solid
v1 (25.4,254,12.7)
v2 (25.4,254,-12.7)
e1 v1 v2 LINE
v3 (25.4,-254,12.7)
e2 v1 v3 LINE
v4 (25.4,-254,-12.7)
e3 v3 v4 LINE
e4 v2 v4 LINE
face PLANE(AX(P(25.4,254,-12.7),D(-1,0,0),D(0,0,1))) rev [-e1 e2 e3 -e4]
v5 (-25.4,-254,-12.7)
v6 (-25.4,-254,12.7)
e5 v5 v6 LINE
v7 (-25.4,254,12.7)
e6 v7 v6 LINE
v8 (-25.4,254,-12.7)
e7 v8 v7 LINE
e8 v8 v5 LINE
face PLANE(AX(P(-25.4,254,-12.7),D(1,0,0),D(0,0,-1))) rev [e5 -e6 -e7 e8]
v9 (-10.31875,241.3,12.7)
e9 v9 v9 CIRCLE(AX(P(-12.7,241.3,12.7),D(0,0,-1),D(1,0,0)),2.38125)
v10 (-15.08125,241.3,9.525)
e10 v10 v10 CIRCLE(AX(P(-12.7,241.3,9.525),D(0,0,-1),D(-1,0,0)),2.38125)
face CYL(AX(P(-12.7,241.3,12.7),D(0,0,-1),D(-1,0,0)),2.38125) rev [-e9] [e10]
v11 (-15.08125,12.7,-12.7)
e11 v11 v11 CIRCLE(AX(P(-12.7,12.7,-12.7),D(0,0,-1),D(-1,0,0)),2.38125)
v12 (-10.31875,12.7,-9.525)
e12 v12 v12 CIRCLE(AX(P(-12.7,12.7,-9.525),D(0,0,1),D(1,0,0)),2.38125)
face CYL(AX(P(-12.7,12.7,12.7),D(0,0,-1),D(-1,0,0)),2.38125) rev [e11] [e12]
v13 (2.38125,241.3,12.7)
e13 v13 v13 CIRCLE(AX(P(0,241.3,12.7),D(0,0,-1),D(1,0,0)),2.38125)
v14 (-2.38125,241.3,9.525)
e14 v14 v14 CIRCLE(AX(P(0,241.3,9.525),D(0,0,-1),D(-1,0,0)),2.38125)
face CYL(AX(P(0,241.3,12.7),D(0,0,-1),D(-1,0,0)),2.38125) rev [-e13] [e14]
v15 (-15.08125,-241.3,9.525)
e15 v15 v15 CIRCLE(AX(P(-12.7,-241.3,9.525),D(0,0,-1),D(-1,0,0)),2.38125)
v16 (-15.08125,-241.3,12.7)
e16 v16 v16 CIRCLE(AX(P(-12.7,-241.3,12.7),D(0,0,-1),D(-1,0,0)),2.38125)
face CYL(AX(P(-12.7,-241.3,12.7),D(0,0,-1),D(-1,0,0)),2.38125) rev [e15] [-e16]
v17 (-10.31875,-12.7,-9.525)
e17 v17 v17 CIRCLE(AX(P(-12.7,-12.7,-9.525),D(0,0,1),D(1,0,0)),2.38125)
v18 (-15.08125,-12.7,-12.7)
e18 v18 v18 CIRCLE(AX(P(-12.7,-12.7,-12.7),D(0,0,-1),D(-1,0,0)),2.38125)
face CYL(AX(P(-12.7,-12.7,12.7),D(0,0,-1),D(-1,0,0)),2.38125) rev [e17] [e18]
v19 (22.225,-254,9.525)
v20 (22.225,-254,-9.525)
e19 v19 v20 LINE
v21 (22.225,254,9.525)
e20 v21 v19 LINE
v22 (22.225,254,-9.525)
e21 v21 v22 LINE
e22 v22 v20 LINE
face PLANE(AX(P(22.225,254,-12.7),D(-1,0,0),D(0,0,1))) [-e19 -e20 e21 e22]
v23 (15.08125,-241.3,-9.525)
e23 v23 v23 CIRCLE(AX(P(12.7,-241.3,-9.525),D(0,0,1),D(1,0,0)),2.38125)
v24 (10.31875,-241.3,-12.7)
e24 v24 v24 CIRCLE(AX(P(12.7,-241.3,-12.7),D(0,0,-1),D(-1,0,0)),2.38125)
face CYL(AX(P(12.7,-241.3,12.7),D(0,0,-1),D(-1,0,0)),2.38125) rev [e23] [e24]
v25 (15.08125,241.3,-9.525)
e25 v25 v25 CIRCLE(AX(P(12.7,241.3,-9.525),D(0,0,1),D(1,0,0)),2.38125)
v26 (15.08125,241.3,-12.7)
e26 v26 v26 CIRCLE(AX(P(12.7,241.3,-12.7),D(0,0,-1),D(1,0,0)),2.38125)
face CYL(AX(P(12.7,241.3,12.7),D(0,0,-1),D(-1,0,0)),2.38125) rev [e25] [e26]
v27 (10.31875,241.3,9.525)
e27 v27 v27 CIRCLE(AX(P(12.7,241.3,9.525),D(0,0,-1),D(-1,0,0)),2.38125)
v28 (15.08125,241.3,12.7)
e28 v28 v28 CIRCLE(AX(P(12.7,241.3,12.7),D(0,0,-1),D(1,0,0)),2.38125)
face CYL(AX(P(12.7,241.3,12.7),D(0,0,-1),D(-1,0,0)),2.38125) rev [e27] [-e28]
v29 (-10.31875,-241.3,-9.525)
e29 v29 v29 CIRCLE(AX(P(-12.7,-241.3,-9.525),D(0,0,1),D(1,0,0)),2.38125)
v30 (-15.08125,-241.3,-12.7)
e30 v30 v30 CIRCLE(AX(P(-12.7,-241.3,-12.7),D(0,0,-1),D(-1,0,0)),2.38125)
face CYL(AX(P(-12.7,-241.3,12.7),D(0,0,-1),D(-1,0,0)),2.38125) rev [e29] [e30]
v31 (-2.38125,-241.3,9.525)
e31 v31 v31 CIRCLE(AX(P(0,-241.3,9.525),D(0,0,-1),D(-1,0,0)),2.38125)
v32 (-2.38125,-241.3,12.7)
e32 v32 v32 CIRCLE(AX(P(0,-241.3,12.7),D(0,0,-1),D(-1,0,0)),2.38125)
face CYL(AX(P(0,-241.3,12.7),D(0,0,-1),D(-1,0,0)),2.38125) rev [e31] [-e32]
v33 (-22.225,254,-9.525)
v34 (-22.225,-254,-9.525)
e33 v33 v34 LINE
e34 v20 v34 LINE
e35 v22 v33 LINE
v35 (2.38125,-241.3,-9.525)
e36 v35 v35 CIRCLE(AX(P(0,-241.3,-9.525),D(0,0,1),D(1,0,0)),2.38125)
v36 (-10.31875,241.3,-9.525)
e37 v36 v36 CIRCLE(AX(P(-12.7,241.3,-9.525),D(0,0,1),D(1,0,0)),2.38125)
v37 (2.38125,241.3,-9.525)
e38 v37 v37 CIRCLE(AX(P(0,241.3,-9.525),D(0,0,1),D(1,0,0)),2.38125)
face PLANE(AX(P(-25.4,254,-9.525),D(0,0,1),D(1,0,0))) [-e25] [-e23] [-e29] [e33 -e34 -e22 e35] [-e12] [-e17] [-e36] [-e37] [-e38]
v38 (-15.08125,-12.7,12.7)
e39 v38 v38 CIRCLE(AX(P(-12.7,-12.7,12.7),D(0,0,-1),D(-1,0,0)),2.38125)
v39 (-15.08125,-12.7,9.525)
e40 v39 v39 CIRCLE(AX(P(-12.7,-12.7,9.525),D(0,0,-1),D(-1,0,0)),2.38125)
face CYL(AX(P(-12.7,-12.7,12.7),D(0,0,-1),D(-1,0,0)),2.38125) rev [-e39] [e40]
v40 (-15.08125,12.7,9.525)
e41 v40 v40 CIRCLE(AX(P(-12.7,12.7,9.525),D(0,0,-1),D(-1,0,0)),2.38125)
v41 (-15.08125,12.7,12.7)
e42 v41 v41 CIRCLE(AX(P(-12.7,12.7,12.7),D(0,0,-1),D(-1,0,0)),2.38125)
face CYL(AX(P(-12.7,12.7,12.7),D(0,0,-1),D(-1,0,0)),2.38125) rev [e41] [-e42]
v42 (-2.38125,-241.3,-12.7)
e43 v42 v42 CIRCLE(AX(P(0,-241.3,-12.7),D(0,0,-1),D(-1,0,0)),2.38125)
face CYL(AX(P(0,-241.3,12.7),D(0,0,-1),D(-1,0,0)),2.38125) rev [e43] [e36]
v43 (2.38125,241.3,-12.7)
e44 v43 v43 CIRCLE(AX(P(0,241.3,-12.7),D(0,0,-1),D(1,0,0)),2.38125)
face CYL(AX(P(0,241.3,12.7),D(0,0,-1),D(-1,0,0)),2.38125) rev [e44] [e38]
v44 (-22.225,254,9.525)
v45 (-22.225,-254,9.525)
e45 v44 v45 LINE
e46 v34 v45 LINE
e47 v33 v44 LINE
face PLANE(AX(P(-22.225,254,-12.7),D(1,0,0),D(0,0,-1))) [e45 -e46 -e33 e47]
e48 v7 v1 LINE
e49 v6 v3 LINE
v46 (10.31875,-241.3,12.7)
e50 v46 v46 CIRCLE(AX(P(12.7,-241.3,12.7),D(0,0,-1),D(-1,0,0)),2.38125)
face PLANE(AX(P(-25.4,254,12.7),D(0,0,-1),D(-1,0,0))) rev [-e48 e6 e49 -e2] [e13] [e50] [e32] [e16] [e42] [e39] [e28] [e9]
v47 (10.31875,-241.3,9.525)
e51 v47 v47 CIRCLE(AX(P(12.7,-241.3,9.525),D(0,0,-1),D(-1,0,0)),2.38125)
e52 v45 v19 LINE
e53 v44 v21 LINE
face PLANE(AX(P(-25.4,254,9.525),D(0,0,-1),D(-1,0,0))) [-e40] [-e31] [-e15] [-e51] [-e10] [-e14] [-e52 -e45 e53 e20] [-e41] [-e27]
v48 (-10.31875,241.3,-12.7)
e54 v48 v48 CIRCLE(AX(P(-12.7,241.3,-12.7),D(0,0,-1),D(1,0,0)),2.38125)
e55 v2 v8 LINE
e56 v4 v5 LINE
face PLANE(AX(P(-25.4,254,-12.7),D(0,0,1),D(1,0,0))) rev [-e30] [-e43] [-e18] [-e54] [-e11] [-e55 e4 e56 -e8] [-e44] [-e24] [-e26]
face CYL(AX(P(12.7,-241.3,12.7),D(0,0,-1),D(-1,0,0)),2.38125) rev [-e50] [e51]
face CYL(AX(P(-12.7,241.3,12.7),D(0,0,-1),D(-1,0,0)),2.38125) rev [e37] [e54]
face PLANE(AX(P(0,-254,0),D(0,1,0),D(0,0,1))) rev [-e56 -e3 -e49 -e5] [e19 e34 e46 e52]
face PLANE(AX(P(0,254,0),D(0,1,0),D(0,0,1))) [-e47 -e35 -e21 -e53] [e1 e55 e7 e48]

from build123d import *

# Parameters (mm, degrees)
SKETCH1_W           = 50.8
SKETCH1_H           = 25.4
BOSS_EXTRUDE1_DEPTH = 254
SHELL1_T            = -3.175
SKETCH2_R           = 2.38125
CUT_EXTRUDE1_DEPTH  = 257.527425434
SKETCH3_R           = 2.38125
CUT_EXTRUDE2_DEPTH  = 257.527425434


with BuildPart() as part:
    # Sketch1 → Boss-Extrude1 (new, symmetric)
    with BuildSketch(Plane(origin=(0, 0, 0), x_dir=(1, 0, 0), z_dir=(0, 1, 0))):
        Rectangle(SKETCH1_W, SKETCH1_H)
    extrude(amount=BOSS_EXTRUDE1_DEPTH, both=True)

    # Shell1
    shell1_openings = [part.faces().sort_by_distance(p)[0] for p in [
        (0, 254, 0),
        (0, -254, 0),
    ]]
    offset(amount=SHELL1_T, openings=shell1_openings, kind=Kind.INTERSECTION)

    # Sketch2 → Cut-Extrude1 (cut, through all)
    with BuildSketch(Plane(origin=(0, 0, -12.7), x_dir=(-1, 0, 0), z_dir=(0, 0, -1))):
        with Locations((12.7, -12.7)):
            Circle(SKETCH2_R)
        with Locations((12.7, 12.7)):
            Circle(SKETCH2_R)
    extrude(amount=-CUT_EXTRUDE1_DEPTH, mode=Mode.SUBTRACT)

    # Sketch3 → Cut-Extrude2 (cut, through all)
    with BuildSketch(Plane(origin=(0, 0, -12.7), x_dir=(-1, 0, 0), z_dir=(0, 0, -1))):
        with Locations((0, -241.3)):
            Circle(SKETCH3_R)
        with Locations((12.7, -241.3)):
            Circle(SKETCH3_R)
        with Locations((-12.7, -241.3)):
            Circle(SKETCH3_R)
        with Locations((-12.7, 241.3)):
            Circle(SKETCH3_R)
        with Locations((12.7, 241.3)):
            Circle(SKETCH3_R)
        with Locations((0, 241.3)):
            Circle(SKETCH3_R)
    extrude(amount=-CUT_EXTRUDE2_DEPTH, mode=Mode.SUBTRACT)


solid = part.part
